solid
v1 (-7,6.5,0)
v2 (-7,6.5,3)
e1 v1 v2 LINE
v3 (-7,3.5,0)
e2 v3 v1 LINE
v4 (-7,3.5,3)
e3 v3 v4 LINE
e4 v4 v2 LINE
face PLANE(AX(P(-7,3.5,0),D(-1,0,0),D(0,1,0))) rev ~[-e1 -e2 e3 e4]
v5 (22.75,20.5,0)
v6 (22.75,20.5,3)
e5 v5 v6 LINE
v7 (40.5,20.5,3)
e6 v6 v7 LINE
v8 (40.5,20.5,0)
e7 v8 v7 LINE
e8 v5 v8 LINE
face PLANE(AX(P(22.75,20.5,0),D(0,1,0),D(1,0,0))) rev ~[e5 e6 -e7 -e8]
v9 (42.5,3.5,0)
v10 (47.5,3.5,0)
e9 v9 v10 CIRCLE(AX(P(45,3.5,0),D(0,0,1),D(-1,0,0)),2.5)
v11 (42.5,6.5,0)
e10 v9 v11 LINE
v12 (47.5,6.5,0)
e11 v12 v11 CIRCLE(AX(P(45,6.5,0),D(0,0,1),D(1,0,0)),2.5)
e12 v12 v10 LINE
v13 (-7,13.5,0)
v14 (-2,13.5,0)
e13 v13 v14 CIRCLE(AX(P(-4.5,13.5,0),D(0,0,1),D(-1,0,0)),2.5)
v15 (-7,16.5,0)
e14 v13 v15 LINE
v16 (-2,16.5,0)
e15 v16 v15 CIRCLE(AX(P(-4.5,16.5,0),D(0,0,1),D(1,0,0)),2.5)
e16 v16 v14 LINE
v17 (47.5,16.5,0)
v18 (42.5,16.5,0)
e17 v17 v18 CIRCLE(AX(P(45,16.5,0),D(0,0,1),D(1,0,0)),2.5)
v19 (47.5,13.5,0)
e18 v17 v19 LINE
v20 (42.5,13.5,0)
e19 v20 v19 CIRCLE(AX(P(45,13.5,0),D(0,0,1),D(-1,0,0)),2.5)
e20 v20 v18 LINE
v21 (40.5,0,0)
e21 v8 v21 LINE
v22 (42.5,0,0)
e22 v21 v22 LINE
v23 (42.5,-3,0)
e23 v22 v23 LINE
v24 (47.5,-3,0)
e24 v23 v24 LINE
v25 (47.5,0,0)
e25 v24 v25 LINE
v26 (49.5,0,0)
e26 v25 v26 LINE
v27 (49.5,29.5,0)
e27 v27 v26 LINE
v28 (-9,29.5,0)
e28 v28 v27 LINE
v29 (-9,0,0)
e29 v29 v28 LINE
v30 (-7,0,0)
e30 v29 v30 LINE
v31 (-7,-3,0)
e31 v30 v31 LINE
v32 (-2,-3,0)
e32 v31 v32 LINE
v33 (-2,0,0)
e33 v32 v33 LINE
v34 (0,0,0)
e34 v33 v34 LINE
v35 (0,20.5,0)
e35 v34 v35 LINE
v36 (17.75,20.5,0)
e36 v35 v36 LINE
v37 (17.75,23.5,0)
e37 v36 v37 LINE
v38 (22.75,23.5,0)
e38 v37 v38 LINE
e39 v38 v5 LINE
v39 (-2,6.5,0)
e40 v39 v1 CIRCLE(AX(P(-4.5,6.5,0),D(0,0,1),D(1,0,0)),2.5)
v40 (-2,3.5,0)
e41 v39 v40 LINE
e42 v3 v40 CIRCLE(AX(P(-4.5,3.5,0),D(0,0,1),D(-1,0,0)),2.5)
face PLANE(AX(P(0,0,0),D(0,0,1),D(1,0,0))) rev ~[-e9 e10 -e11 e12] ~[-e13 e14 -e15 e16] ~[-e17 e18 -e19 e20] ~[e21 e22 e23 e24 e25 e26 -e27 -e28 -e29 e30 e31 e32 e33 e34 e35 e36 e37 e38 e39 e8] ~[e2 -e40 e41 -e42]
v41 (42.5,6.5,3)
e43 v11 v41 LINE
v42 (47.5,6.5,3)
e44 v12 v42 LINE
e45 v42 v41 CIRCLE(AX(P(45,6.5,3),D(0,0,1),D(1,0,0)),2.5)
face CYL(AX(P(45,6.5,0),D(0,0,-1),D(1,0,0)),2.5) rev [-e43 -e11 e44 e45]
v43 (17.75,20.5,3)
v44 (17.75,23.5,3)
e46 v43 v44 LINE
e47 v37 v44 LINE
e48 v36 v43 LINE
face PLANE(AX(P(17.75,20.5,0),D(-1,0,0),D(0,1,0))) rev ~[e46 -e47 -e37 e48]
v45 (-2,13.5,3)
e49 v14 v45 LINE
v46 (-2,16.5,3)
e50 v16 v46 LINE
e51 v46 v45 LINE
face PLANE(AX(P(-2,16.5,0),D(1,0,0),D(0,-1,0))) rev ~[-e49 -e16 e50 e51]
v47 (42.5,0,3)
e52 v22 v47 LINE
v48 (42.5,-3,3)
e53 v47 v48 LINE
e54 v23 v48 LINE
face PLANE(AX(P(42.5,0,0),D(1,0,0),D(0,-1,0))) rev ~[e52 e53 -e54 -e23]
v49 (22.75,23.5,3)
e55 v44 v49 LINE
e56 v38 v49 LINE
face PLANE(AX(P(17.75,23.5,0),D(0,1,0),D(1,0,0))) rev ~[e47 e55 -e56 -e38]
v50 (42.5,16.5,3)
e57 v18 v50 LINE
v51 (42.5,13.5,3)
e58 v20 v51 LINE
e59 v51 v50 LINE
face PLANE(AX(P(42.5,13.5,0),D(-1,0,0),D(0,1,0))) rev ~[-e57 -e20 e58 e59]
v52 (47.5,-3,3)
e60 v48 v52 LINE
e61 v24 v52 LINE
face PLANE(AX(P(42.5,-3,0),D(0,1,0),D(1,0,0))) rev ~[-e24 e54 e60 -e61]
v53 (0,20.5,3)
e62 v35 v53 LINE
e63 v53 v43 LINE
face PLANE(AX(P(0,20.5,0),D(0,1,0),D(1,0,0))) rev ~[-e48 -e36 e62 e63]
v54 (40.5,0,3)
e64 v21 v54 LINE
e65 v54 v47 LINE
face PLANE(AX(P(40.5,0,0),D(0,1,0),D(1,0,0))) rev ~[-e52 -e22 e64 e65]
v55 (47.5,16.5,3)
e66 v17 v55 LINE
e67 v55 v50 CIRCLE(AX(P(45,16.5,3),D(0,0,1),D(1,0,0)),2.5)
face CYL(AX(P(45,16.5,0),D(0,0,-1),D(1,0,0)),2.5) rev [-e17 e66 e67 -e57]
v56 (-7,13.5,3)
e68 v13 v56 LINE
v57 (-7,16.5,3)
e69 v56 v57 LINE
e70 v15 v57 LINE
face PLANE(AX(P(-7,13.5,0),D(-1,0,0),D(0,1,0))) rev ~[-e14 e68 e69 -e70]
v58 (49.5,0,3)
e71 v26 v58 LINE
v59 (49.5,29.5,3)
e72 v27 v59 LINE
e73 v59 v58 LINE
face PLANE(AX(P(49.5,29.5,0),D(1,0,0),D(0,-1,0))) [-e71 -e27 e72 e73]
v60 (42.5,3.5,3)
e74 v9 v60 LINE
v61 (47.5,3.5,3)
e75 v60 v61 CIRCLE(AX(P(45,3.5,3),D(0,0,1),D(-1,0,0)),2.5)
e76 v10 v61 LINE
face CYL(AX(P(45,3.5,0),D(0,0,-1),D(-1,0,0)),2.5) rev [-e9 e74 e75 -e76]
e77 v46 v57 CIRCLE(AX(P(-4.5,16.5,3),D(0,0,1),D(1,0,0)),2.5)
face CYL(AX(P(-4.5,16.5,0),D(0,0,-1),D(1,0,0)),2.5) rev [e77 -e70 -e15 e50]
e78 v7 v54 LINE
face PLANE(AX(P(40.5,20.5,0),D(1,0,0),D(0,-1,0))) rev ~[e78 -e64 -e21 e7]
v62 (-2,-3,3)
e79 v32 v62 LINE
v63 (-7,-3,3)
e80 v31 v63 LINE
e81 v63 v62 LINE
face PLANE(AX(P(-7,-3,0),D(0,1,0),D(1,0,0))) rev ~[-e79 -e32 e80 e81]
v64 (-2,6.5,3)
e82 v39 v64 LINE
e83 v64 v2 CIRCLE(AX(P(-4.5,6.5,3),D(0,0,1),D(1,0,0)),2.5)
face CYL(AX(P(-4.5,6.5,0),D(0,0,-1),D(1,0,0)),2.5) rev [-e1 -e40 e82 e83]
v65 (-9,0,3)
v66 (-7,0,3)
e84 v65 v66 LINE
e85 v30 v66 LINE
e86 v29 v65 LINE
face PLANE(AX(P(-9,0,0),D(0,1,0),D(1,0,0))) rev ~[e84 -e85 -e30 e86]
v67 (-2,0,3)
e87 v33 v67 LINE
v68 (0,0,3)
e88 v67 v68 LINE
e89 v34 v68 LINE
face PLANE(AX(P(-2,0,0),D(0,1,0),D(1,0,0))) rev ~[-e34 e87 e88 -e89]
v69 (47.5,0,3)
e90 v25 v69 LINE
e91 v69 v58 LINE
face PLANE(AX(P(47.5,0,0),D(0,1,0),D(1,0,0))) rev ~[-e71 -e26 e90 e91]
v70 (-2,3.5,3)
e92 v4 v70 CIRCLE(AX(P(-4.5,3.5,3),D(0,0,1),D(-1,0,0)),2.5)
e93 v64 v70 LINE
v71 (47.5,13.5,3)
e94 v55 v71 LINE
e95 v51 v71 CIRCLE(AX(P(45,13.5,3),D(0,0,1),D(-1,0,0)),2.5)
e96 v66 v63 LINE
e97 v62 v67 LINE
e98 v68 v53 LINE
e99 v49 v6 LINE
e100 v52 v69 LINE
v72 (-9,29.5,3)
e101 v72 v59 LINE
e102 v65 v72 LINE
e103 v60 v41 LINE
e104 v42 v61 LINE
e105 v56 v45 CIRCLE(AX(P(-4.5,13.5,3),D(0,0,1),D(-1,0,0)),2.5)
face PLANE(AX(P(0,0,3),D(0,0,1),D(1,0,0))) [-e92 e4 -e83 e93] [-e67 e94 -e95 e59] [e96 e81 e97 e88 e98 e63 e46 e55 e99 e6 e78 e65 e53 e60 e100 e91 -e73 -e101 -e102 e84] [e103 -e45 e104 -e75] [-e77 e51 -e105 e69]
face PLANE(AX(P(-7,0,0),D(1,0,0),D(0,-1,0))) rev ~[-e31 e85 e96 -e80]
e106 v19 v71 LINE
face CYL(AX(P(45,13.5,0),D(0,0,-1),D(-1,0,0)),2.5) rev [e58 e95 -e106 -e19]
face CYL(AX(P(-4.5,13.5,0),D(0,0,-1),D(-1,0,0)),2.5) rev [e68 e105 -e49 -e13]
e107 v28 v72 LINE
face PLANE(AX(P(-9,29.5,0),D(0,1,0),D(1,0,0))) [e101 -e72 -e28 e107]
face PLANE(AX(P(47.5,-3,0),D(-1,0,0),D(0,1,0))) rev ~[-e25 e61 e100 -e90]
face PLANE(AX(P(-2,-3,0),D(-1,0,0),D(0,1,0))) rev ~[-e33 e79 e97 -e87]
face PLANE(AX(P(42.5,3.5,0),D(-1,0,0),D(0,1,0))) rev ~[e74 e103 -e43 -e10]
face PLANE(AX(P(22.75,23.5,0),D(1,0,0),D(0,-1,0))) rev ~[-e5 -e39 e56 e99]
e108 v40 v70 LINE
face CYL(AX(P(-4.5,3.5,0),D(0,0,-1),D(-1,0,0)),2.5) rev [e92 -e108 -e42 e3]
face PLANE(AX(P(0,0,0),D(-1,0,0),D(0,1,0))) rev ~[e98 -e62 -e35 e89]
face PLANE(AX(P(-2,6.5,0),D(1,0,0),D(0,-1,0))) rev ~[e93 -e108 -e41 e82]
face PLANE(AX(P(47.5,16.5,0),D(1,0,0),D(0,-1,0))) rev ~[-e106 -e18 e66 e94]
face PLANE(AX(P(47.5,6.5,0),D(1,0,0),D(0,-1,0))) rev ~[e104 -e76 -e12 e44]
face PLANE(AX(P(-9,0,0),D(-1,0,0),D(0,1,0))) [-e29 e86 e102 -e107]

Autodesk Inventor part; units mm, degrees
ref_plane "YZ Plane" through (0, 0, 0) normal (1, 0, 0) x (0, 1, 0)
ref_plane "XZ Plane" through (0, 0, 0) normal (0, 1, 0) x (-1, 0, 0)
ref_plane "XY Plane" through (0, 0, 0) normal (0, 0, 1) x (1, 0, 0)
sketch "Sketch1" plane through (0, 0, 0) normal (0, 0, 1) x (1, 0, 0)
  line L0 (40.5, 0) -> (40.5, 20.5) construction
  line L1 (0, 20.5) -> (0, 0) construction
  line L2 (-9, 0) -> (-9, 29.5)
  line L3 (-9, 29.5) -> (49.5, 29.5)
  line L4 (49.5, 29.5) -> (49.5, 0)
  line L5 (0, 0) -> (0, 20.5)
  line L6 (40.5, 20.5) -> (40.5, 0)
  line L7 (40.5, 0) -> (42.5, 0)
  line L8 (42.5, 0) -> (42.5, -3)
  line L9 (42.5, -3) -> (47.5, -3)
  line L10 (47.5, -3) -> (47.5, 0)
  line L11 (47.5, 0) -> (49.5, 0)
  line L12 (-9, 0) -> (-7, 0)
  line L13 (-7, 0) -> (-7, -3)
  line L14 (-7, -3) -> (-2, -3)
  line L15 (-2, -3) -> (-2, 0)
  line L16 (-2, 0) -> (0, 0)
  line L17 (-7, 16.5) -> (-2, 16.5)
  line L18 (-2, 16.5) -> (-2, 13.5)
  line L19 (-2, 13.5) -> (-7, 13.5)
  line L20 (-7, 13.5) -> (-7, 16.5)
  arc A0 (-2, 16.5) -> (-7, 16.5) centre (-4.5, 16.5) ccw
  arc A1 (-7, 13.5) -> (-2, 13.5) centre (-4.5, 13.5) ccw
  line L21 (-7, 6.5) -> (-2, 6.5)
  line L22 (-2, 6.5) -> (-2, 3.5)
  line L23 (-2, 3.5) -> (-7, 3.5)
  line L24 (-7, 3.5) -> (-7, 6.5)
  arc A2 (-2, 6.5) -> (-7, 6.5) centre (-4.5, 6.5) ccw
  arc A3 (-7, 3.5) -> (-2, 3.5) centre (-4.5, 3.5) ccw
  line L25 (-7, 16.5) -> (-2, 13.5) construction
  line L26 (-2, 16.5) -> (-7, 13.5) construction
  line L27 (-7, 6.5) -> (-2, 3.5) construction
  line L28 (-2, 6.5) -> (-7, 3.5) construction
  line L29 (42.5, 16.5) -> (47.5, 16.5)
  line L30 (47.5, 16.5) -> (47.5, 13.5)
  line L31 (47.5, 13.5) -> (42.5, 13.5)
  line L32 (42.5, 13.5) -> (42.5, 16.5)
  arc A4 (47.5, 16.5) -> (42.5, 16.5) centre (45, 16.5) ccw
  arc A5 (42.5, 13.5) -> (47.5, 13.5) centre (45, 13.5) ccw
  line L33 (47.5, 6.5) -> (47.5, 3.5)
  arc A6 (42.5, 3.5) -> (47.5, 3.5) centre (45, 3.5) ccw
  line L34 (47.5, 3.5) -> (42.5, 3.5)
  line L35 (42.5, 3.5) -> (42.5, 6.5)
  arc A7 (47.5, 6.5) -> (42.5, 6.5) centre (45, 6.5) ccw
  line L36 (42.5, 6.5) -> (47.5, 6.5)
  line L37 (42.5, 16.5) -> (47.5, 13.5) construction
  line L38 (47.5, 16.5) -> (42.5, 13.5) construction
  line L39 (42.5, 6.5) -> (47.5, 3.5) construction
  line L40 (47.5, 6.5) -> (42.5, 3.5) construction
  line L41 (17.75, 20.5) -> (17.75, 23.5)
  line L42 (17.75, 23.5) -> (22.75, 23.5)
  line L43 (22.75, 23.5) -> (22.75, 20.5)
  line L44 (40.5, 20.5) -> (22.75, 20.5) construction
  line L45 (17.75, 20.5) -> (0, 20.5) construction
  line L46 (0, 20.5) -> (17.75, 20.5)
  line L47 (22.75, 20.5) -> (40.5, 20.5)
  line L48 (17.75, 20.5) -> (22.75, 23.5) construction
  line L49 (17.75, 23.5) -> (22.75, 20.5) construction
  point P0 (-4.5, 15)
  point P1 (-4.5, 5)
  point P2 (45, 15)
  point P3 (45, 5)
  point P4 (-4.5, 15)
  point P5 (45, 15)
  point P6 (20.25, 22)
  dimension "d0" = 40.5
  dimension "d1" = 20.5
  dimension "d2" = 9
  dimension "d3" = 9
  dimension "d5" = 5
  dimension "d6" = 2
  dimension "d7" = 5
  dimension "d8" = 2
  dimension "d9" = 3
  dimension "d10" = 5
  dimension "d11" = 3
  dimension "d12" = 4.5
  dimension "d13" = 5
  dimension "d14" = 3
  dimension "d15" = 10
  dimension "d16" = 5
  dimension "d17" = 5
  dimension "d18" = 3
  dimension "d19" = 5
  dimension "d20" = 3
  dimension "d21" = 10
  dimension "d22" = 4.5
  dimension "d25" = 3
  dimension "d26" = 5
  dimension "d27" = 20.25
extrude "Extrusion1" add sketch "Sketch1" along normal blind 3
equation "\"d6\" = -0.5 * d5 + 0.5 * d3"
equation "\"d7\" = d5"
equation "\"d8\" = d6"
equation "\"d12\" = 0.5 * d2"
equation "\"d22\" = d12"
equation "\"d27\" = 0.5 * d0"
properties part number "servo_holder"
